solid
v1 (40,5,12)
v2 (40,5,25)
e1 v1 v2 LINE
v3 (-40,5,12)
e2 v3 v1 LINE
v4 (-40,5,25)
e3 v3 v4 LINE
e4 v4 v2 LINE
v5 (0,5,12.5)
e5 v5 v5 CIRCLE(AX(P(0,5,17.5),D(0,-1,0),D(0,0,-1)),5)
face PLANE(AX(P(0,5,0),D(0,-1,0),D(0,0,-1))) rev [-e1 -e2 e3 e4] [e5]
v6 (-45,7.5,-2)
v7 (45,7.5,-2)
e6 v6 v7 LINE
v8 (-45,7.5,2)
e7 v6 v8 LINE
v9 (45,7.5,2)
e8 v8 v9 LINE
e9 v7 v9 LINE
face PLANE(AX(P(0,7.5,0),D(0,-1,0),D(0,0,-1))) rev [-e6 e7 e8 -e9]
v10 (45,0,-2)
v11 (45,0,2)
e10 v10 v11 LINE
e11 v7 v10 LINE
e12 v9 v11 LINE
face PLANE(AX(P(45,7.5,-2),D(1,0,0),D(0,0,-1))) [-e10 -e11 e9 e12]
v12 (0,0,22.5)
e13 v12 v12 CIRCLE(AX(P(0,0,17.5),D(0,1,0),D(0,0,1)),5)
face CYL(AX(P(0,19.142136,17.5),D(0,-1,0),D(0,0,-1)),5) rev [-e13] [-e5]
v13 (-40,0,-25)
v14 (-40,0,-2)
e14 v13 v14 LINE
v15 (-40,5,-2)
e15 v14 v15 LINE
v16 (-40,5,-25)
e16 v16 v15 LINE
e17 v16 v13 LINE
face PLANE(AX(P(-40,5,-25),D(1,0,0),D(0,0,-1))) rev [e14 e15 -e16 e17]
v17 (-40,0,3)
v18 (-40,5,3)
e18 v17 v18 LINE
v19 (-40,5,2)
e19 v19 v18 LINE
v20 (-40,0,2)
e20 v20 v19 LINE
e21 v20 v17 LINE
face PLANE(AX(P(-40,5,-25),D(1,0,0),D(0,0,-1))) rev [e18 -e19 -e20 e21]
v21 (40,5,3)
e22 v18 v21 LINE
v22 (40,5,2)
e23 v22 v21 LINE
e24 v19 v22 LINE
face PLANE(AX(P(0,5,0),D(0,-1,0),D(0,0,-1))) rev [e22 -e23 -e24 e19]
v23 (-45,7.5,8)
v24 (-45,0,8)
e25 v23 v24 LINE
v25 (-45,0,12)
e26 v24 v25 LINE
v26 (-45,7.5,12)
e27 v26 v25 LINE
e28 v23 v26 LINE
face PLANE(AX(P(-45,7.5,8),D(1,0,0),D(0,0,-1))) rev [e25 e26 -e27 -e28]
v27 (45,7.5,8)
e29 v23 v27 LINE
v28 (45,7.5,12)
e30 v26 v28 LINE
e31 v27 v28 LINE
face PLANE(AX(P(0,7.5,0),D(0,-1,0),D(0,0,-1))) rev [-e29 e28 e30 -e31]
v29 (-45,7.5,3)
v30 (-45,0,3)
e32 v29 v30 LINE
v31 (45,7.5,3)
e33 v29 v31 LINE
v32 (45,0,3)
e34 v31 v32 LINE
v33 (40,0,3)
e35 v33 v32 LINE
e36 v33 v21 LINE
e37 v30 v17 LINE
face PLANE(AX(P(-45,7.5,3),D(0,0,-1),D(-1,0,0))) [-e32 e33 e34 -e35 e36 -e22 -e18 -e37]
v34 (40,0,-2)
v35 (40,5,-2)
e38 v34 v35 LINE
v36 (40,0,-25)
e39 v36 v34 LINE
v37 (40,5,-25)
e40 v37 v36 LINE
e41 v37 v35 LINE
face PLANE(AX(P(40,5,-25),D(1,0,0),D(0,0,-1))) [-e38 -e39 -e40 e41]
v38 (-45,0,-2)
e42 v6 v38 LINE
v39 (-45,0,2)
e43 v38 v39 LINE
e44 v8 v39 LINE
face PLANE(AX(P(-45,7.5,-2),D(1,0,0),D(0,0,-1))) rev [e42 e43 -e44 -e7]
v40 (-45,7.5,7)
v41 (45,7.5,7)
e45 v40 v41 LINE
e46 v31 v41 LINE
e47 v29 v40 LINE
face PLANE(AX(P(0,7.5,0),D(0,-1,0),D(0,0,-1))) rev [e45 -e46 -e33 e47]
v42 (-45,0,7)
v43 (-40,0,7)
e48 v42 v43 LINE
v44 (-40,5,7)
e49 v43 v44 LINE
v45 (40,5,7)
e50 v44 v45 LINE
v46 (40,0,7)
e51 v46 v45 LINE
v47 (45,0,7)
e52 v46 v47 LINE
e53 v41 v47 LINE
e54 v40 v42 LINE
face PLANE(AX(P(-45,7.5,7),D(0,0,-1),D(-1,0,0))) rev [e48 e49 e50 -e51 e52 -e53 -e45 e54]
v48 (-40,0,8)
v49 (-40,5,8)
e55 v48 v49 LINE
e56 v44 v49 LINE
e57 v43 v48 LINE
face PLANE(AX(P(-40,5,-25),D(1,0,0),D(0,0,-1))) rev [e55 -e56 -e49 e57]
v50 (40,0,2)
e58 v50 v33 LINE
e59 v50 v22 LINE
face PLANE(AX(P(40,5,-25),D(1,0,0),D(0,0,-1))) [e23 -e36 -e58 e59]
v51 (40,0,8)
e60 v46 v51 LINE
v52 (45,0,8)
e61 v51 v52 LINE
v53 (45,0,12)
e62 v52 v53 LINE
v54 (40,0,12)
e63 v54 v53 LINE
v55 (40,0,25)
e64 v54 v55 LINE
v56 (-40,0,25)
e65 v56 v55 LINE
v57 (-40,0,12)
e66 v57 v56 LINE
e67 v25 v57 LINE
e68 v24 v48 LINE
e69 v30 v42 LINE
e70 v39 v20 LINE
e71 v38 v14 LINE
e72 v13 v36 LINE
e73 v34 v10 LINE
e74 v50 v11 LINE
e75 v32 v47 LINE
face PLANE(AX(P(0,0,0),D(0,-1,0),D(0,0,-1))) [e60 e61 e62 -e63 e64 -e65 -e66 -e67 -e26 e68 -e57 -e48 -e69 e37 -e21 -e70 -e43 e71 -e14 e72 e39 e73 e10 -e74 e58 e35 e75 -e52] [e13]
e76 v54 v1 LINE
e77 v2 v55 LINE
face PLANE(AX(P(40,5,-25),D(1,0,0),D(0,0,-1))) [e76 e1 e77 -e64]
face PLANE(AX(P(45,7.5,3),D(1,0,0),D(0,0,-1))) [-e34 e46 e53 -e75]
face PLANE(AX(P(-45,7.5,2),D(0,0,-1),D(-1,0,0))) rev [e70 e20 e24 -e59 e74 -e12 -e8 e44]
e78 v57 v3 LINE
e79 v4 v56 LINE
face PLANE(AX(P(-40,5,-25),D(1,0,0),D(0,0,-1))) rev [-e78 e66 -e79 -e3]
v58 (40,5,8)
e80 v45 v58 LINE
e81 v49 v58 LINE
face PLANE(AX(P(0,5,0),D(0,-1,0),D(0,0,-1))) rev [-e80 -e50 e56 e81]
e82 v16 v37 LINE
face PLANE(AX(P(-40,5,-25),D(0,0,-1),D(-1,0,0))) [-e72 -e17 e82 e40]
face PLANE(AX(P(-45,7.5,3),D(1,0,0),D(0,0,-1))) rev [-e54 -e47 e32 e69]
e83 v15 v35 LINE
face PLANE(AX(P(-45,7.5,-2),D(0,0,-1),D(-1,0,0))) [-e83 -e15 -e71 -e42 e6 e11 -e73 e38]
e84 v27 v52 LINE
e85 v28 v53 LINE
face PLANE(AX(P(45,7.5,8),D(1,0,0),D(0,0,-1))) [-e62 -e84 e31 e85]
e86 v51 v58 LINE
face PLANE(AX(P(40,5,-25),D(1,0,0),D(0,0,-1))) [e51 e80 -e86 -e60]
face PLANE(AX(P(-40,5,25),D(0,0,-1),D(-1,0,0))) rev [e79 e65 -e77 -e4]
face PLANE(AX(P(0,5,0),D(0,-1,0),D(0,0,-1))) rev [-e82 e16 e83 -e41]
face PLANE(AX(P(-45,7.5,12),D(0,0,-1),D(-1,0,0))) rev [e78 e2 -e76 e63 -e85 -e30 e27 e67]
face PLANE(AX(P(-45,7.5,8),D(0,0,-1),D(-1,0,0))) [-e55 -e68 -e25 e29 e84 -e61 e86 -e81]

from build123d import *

# Parameters (mm, degrees)
SKETCH1_W           = 80
SKETCH1_H           = 50
BOSS_EXTRUDE1_DEPTH = 5
SKETCH1_3_W         = 90
SKETCH1_3_H         = 4
BOSS_EXTRUDE2_DEPTH = 7.5
SKETCH1_4_R         = 5
CUT_EXTRUDE1_DEPTH  = 5


with BuildPart() as part:
    # Sketch1 → Boss-Extrude1 (new body)
    with BuildSketch(Plane(origin=(0, 0, 0), x_dir=(1, 0, 0), z_dir=(0, 1, 0))):
        Rectangle(SKETCH1_W, SKETCH1_H)
    extrude(amount=BOSS_EXTRUDE1_DEPTH)

    # Sketch1<3> → Boss-Extrude2 (add)
    with BuildSketch(Plane(origin=(0, 0, 0), x_dir=(1, 0, 0), z_dir=(0, 1, 0))):
        Rectangle(SKETCH1_3_W, SKETCH1_3_H)
        with Locations((0, -5)):
            Rectangle(SKETCH1_3_W, SKETCH1_3_H)
        with Locations((0, -10)):
            Rectangle(SKETCH1_3_W, SKETCH1_3_H)
    extrude(amount=BOSS_EXTRUDE2_DEPTH)

    # Sketch1<4> → Cut-Extrude1 (cut)
    with BuildSketch(Plane(origin=(0, 0, 0), x_dir=(1, 0, 0), z_dir=(0, 1, 0))):
        with Locations(Location((0, -17.5, 0), (0, 0, 90))):
            Circle(SKETCH1_4_R)
    extrude(amount=CUT_EXTRUDE1_DEPTH, mode=Mode.SUBTRACT)


solid = part.part
